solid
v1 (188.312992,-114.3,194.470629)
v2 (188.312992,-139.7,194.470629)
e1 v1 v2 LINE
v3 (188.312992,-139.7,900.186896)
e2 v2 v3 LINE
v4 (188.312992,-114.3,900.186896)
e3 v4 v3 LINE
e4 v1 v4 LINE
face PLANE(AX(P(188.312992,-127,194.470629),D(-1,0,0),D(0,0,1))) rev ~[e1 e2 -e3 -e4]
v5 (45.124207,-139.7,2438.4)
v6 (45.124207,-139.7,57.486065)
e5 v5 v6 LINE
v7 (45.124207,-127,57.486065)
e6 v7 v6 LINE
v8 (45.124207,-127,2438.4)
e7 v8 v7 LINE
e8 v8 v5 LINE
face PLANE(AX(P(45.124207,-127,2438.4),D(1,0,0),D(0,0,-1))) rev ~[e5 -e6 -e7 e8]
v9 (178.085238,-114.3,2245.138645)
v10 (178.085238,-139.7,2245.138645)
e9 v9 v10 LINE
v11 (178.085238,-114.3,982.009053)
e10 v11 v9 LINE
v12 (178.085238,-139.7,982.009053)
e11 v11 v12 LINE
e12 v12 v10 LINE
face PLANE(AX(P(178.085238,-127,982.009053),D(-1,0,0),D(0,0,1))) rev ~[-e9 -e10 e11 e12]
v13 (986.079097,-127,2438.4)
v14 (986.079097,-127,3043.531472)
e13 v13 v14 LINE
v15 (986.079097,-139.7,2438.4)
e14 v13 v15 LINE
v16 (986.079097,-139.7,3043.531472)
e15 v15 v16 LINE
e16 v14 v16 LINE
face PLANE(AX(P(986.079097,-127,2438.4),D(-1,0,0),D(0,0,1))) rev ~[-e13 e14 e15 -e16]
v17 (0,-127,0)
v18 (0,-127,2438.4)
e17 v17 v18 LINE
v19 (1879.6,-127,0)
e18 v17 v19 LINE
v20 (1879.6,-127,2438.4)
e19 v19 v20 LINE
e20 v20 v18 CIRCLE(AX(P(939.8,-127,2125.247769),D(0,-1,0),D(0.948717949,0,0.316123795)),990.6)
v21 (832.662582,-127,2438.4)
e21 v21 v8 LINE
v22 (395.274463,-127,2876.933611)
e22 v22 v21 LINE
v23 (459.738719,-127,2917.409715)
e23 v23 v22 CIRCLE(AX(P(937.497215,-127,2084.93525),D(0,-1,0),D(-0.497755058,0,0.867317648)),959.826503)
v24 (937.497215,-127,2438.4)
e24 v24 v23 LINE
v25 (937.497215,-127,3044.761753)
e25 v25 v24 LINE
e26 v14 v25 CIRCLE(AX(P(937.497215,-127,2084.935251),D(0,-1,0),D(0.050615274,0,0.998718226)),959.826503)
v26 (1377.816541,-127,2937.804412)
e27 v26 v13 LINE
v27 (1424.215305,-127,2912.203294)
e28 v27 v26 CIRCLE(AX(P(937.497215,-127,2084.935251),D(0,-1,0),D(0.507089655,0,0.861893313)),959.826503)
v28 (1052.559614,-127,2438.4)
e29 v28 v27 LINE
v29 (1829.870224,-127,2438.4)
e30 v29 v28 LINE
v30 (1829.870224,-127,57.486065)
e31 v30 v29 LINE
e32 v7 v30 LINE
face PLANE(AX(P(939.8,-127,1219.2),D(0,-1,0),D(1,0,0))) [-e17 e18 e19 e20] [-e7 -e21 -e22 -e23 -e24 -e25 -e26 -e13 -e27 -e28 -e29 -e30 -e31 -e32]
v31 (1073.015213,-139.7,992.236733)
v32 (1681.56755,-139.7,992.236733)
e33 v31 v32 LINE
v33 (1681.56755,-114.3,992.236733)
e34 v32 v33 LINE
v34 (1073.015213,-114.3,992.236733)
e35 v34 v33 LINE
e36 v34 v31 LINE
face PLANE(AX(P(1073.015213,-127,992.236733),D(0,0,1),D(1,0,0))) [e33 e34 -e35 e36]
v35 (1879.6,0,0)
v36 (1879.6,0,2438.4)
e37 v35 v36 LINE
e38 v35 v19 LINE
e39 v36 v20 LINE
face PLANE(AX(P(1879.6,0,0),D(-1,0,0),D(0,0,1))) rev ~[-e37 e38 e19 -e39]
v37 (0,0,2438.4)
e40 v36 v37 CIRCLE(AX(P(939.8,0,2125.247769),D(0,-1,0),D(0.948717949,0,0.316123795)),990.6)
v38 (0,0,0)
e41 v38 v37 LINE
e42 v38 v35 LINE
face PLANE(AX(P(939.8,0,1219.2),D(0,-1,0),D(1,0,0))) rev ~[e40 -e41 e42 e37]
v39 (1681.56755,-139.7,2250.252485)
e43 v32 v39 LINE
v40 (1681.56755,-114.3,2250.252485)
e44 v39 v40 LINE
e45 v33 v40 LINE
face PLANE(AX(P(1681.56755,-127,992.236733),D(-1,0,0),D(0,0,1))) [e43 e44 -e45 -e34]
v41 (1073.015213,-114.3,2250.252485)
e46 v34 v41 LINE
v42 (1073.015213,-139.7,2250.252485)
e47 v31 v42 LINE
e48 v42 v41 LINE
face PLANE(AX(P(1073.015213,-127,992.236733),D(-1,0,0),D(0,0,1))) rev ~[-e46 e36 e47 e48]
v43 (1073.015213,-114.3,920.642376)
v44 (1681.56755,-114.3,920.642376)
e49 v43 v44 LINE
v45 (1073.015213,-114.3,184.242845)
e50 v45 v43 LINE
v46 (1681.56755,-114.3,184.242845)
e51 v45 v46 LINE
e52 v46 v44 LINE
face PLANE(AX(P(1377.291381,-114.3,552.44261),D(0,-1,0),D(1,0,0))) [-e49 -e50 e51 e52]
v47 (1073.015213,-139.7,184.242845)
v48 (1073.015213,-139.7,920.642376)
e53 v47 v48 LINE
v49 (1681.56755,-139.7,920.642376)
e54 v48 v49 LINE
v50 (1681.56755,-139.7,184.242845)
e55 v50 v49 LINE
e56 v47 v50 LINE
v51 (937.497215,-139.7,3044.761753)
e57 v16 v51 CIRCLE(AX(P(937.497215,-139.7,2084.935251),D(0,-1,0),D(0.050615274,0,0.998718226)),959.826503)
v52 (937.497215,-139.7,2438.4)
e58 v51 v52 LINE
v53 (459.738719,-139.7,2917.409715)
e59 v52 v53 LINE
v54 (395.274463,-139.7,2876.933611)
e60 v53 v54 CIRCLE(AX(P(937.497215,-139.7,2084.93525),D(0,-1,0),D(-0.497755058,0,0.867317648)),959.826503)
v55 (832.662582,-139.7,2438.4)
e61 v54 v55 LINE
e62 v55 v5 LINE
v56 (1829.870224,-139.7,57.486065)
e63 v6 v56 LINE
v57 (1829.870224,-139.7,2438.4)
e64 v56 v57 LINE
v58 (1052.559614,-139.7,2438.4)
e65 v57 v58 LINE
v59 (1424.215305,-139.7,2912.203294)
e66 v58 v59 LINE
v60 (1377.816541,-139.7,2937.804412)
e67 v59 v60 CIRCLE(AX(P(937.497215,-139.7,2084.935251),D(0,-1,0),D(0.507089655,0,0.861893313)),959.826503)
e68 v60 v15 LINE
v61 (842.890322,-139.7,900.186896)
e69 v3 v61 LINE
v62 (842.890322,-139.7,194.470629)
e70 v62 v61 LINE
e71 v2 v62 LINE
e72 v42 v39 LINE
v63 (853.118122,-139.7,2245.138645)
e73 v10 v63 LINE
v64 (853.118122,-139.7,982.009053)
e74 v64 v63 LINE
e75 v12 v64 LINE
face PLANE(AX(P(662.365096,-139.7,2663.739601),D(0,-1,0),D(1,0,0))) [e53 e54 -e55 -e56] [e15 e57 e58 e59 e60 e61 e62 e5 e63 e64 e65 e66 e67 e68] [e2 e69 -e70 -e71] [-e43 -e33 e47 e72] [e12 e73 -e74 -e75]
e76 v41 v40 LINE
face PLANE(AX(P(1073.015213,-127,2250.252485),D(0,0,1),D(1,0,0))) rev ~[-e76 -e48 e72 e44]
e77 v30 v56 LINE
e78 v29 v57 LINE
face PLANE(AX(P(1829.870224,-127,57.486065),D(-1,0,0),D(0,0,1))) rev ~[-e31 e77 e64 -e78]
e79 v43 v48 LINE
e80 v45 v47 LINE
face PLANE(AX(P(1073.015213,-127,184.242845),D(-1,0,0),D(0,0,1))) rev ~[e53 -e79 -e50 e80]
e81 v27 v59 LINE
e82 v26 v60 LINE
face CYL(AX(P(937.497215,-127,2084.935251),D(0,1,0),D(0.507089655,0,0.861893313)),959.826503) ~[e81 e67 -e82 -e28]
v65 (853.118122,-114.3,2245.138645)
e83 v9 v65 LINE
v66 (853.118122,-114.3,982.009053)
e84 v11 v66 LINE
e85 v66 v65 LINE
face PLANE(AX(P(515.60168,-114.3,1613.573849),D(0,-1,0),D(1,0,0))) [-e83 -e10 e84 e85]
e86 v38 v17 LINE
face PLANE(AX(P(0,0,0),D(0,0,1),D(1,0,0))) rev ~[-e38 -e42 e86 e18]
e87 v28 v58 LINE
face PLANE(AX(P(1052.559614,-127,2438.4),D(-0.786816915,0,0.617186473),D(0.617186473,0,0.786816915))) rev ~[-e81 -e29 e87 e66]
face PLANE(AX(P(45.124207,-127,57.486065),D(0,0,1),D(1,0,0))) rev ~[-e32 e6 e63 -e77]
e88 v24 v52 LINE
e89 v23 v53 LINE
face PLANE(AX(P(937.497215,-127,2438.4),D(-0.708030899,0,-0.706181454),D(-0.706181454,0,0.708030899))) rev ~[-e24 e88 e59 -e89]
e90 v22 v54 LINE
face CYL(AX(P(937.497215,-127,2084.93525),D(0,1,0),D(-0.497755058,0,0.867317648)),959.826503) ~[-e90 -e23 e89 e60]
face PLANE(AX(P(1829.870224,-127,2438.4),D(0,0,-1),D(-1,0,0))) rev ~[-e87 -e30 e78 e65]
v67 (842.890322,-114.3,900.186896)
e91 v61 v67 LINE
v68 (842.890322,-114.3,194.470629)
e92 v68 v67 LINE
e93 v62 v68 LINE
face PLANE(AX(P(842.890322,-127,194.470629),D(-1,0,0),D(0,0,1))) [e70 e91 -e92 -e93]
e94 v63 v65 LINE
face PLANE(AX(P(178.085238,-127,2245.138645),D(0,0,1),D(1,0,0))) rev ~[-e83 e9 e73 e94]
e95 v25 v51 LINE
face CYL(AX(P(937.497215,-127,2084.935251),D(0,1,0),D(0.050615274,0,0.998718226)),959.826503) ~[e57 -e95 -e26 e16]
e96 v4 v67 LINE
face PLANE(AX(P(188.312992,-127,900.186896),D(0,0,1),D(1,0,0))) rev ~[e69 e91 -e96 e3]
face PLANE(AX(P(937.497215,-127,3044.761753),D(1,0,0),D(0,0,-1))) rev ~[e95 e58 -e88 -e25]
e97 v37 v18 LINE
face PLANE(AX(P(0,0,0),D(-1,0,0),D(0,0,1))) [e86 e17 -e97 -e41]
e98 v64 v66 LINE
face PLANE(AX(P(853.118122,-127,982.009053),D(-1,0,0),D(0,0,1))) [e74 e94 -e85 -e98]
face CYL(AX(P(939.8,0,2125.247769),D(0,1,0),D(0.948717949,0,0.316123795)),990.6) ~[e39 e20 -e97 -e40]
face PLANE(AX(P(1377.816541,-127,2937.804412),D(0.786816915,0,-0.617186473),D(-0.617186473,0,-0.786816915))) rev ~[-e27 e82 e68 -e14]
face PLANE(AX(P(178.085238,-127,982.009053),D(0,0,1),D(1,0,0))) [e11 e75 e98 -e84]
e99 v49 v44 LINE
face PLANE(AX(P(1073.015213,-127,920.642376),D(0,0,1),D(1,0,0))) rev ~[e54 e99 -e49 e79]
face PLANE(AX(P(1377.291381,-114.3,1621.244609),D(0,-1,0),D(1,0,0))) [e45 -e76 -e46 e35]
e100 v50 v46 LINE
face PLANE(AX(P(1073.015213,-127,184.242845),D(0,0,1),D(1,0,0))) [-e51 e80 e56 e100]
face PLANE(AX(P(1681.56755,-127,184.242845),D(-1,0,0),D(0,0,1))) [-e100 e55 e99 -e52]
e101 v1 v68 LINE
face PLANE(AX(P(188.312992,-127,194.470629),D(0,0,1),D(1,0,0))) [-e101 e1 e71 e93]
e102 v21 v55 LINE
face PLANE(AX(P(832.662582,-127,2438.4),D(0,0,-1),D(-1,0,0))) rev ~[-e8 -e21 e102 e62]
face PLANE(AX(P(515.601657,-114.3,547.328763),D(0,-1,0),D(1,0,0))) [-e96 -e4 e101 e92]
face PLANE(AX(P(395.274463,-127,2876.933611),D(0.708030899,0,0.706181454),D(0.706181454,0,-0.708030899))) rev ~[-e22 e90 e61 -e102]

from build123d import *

# Parameters (mm, degrees)
F0_W     = 1879.6
F0_H     = 2438.4
F0_W_2   = 1828.8
F0_H_2   = 2387.6
F1_DEPTH = 127
F2_W     = 675.0328838825
F2_H     = 1263.1295919418
F2_W_2   = 608.5523366928
F2_H_2   = 1258.0157518387
F2_H_3   = 736.3995313644
F2_W_3   = 654.5773297548
F2_H_4   = 705.7162672281
F3_DEPTH = 12.7
F4_W     = 48.5818814486
F4_H     = 2380.9139352679
F4_W_2   = 654.5773297548
F4_H_2   = 705.7162672281
F4_W_3   = 675.0328838825
F4_H_3   = 1263.1295919418
F4_W_4   = 608.5523366928
F4_H_4   = 736.3995313644
F4_H_5   = 1258.0157518387
F5_DEPTH = 12.7


with BuildPart() as f1:
    # F0 (on Front) → F1 (new body)
    with BuildSketch(Plane.XZ):
        with Locations((939.8, 1219.2)):
            Rectangle(F0_W, F0_H)
        with Locations((939.8, 1219.2)):
            Rectangle(F0_W_2, F0_H_2, mode=Mode.SUBTRACT)
        with Locations((939.8, 1219.2)):
            Rectangle(F0_W_2, F0_H_2)
        with BuildLine():
            ThreePointArc((1879.6, 2438.4), (939.8, 3115.8477686492), (0, 2438.4))
            Line((0, 2438.4), (1879.6, 2438.4))
        make_face()
    extrude(amount=F1_DEPTH)

    # F2 (on face) → F3 (cut)
    with BuildSketch(Plane.XZ.offset(127)):
        with Locations((515.6016796827, 1613.5738492012)):
            Rectangle(F2_W, F2_H)
        with Locations((1377.2913813591, 1621.2446093559)):
            Rectangle(F2_W_2, F2_H_2)
        with Locations((1377.2913813591, 552.4426102638)):
            Rectangle(F2_W_2, F2_H_3)
        with Locations((515.601657331, 547.3287627101)):
            Rectangle(F2_W_3, F2_H_4)
    extrude(amount=-F3_DEPTH, mode=Mode.SUBTRACT)

    # F4 (on face) → F5 (join)
    with BuildSketch(Plane.XZ.offset(127)):
        with BuildLine():
            Line((395.2744632943, 2876.9336108596), (832.6625823975, 2438.4))
            Line((832.6625823975, 2438.4), (937.4972153455, 2438.4))
            Line((937.4972153455, 2438.4), (459.7387190608, 2917.4097154998))
            ThreePointArc((459.7387190608, 2917.4097154998), (427.1051939532, 2897.8109483472), (395.2744632943, 2876.9336108596))
        make_face()
        with BuildLine():
            Line((1377.8165414955, 2937.804412016), (986.0790967941, 2438.4))
            Line((986.0790967941, 2438.4), (1052.5596141815, 2438.4))
            Line((1052.5596141815, 2438.4), (1424.2153052564, 2912.2032944876))
            ThreePointArc((1424.2153052564, 2912.2032944876), (1401.1926401654, 2925.3241299178), (1377.8165414955, 2937.804412016))
        make_face()
        with Locations((961.7881560698, 1247.943032366)):
            Rectangle(F4_W, F4_H)
        with BuildLine():
            Line((937.4972153455, 3044.7617533807), (937.4972153455, 2438.4))
            Line((937.4972153455, 2438.4), (986.0790967941, 2438.4))
            Line((986.0790967941, 2438.4), (986.0790967941, 3043.5314722885))
            ThreePointArc((986.0790967941, 3043.5314722885), (961.7959436901, 3044.4541338124), (937.4972153455, 3044.7617533807))
        make_face()
        Polygon((832.6625823975, 2438.4), (45.124206692, 2438.4), (45.124206692, 57.4860647321), (937.4972153455, 57.4860647321), (937.4972153455, 2438.4), align=None)
        with Locations((515.601657331, 547.3287627101)):
            Rectangle(F4_W_2, F4_H_2, mode=Mode.SUBTRACT)
        with Locations((515.6016796827, 1613.5738492012)):
            Rectangle(F4_W_3, F4_H_3, mode=Mode.SUBTRACT)
        Polygon((1052.5596141815, 2438.4), (986.0790967941, 2438.4), (986.0790967941, 57.4860647321), (1829.870223999, 57.4860647321), (1829.870223999, 2438.4), align=None)
        with Locations((1377.2913813591, 552.4426102638)):
            Rectangle(F4_W_4, F4_H_4, mode=Mode.SUBTRACT)
        with Locations((1377.2913813591, 1621.2446093559)):
            Rectangle(F4_W_4, F4_H_5, mode=Mode.SUBTRACT)
    extrude(amount=F5_DEPTH)


solid = f1.part
